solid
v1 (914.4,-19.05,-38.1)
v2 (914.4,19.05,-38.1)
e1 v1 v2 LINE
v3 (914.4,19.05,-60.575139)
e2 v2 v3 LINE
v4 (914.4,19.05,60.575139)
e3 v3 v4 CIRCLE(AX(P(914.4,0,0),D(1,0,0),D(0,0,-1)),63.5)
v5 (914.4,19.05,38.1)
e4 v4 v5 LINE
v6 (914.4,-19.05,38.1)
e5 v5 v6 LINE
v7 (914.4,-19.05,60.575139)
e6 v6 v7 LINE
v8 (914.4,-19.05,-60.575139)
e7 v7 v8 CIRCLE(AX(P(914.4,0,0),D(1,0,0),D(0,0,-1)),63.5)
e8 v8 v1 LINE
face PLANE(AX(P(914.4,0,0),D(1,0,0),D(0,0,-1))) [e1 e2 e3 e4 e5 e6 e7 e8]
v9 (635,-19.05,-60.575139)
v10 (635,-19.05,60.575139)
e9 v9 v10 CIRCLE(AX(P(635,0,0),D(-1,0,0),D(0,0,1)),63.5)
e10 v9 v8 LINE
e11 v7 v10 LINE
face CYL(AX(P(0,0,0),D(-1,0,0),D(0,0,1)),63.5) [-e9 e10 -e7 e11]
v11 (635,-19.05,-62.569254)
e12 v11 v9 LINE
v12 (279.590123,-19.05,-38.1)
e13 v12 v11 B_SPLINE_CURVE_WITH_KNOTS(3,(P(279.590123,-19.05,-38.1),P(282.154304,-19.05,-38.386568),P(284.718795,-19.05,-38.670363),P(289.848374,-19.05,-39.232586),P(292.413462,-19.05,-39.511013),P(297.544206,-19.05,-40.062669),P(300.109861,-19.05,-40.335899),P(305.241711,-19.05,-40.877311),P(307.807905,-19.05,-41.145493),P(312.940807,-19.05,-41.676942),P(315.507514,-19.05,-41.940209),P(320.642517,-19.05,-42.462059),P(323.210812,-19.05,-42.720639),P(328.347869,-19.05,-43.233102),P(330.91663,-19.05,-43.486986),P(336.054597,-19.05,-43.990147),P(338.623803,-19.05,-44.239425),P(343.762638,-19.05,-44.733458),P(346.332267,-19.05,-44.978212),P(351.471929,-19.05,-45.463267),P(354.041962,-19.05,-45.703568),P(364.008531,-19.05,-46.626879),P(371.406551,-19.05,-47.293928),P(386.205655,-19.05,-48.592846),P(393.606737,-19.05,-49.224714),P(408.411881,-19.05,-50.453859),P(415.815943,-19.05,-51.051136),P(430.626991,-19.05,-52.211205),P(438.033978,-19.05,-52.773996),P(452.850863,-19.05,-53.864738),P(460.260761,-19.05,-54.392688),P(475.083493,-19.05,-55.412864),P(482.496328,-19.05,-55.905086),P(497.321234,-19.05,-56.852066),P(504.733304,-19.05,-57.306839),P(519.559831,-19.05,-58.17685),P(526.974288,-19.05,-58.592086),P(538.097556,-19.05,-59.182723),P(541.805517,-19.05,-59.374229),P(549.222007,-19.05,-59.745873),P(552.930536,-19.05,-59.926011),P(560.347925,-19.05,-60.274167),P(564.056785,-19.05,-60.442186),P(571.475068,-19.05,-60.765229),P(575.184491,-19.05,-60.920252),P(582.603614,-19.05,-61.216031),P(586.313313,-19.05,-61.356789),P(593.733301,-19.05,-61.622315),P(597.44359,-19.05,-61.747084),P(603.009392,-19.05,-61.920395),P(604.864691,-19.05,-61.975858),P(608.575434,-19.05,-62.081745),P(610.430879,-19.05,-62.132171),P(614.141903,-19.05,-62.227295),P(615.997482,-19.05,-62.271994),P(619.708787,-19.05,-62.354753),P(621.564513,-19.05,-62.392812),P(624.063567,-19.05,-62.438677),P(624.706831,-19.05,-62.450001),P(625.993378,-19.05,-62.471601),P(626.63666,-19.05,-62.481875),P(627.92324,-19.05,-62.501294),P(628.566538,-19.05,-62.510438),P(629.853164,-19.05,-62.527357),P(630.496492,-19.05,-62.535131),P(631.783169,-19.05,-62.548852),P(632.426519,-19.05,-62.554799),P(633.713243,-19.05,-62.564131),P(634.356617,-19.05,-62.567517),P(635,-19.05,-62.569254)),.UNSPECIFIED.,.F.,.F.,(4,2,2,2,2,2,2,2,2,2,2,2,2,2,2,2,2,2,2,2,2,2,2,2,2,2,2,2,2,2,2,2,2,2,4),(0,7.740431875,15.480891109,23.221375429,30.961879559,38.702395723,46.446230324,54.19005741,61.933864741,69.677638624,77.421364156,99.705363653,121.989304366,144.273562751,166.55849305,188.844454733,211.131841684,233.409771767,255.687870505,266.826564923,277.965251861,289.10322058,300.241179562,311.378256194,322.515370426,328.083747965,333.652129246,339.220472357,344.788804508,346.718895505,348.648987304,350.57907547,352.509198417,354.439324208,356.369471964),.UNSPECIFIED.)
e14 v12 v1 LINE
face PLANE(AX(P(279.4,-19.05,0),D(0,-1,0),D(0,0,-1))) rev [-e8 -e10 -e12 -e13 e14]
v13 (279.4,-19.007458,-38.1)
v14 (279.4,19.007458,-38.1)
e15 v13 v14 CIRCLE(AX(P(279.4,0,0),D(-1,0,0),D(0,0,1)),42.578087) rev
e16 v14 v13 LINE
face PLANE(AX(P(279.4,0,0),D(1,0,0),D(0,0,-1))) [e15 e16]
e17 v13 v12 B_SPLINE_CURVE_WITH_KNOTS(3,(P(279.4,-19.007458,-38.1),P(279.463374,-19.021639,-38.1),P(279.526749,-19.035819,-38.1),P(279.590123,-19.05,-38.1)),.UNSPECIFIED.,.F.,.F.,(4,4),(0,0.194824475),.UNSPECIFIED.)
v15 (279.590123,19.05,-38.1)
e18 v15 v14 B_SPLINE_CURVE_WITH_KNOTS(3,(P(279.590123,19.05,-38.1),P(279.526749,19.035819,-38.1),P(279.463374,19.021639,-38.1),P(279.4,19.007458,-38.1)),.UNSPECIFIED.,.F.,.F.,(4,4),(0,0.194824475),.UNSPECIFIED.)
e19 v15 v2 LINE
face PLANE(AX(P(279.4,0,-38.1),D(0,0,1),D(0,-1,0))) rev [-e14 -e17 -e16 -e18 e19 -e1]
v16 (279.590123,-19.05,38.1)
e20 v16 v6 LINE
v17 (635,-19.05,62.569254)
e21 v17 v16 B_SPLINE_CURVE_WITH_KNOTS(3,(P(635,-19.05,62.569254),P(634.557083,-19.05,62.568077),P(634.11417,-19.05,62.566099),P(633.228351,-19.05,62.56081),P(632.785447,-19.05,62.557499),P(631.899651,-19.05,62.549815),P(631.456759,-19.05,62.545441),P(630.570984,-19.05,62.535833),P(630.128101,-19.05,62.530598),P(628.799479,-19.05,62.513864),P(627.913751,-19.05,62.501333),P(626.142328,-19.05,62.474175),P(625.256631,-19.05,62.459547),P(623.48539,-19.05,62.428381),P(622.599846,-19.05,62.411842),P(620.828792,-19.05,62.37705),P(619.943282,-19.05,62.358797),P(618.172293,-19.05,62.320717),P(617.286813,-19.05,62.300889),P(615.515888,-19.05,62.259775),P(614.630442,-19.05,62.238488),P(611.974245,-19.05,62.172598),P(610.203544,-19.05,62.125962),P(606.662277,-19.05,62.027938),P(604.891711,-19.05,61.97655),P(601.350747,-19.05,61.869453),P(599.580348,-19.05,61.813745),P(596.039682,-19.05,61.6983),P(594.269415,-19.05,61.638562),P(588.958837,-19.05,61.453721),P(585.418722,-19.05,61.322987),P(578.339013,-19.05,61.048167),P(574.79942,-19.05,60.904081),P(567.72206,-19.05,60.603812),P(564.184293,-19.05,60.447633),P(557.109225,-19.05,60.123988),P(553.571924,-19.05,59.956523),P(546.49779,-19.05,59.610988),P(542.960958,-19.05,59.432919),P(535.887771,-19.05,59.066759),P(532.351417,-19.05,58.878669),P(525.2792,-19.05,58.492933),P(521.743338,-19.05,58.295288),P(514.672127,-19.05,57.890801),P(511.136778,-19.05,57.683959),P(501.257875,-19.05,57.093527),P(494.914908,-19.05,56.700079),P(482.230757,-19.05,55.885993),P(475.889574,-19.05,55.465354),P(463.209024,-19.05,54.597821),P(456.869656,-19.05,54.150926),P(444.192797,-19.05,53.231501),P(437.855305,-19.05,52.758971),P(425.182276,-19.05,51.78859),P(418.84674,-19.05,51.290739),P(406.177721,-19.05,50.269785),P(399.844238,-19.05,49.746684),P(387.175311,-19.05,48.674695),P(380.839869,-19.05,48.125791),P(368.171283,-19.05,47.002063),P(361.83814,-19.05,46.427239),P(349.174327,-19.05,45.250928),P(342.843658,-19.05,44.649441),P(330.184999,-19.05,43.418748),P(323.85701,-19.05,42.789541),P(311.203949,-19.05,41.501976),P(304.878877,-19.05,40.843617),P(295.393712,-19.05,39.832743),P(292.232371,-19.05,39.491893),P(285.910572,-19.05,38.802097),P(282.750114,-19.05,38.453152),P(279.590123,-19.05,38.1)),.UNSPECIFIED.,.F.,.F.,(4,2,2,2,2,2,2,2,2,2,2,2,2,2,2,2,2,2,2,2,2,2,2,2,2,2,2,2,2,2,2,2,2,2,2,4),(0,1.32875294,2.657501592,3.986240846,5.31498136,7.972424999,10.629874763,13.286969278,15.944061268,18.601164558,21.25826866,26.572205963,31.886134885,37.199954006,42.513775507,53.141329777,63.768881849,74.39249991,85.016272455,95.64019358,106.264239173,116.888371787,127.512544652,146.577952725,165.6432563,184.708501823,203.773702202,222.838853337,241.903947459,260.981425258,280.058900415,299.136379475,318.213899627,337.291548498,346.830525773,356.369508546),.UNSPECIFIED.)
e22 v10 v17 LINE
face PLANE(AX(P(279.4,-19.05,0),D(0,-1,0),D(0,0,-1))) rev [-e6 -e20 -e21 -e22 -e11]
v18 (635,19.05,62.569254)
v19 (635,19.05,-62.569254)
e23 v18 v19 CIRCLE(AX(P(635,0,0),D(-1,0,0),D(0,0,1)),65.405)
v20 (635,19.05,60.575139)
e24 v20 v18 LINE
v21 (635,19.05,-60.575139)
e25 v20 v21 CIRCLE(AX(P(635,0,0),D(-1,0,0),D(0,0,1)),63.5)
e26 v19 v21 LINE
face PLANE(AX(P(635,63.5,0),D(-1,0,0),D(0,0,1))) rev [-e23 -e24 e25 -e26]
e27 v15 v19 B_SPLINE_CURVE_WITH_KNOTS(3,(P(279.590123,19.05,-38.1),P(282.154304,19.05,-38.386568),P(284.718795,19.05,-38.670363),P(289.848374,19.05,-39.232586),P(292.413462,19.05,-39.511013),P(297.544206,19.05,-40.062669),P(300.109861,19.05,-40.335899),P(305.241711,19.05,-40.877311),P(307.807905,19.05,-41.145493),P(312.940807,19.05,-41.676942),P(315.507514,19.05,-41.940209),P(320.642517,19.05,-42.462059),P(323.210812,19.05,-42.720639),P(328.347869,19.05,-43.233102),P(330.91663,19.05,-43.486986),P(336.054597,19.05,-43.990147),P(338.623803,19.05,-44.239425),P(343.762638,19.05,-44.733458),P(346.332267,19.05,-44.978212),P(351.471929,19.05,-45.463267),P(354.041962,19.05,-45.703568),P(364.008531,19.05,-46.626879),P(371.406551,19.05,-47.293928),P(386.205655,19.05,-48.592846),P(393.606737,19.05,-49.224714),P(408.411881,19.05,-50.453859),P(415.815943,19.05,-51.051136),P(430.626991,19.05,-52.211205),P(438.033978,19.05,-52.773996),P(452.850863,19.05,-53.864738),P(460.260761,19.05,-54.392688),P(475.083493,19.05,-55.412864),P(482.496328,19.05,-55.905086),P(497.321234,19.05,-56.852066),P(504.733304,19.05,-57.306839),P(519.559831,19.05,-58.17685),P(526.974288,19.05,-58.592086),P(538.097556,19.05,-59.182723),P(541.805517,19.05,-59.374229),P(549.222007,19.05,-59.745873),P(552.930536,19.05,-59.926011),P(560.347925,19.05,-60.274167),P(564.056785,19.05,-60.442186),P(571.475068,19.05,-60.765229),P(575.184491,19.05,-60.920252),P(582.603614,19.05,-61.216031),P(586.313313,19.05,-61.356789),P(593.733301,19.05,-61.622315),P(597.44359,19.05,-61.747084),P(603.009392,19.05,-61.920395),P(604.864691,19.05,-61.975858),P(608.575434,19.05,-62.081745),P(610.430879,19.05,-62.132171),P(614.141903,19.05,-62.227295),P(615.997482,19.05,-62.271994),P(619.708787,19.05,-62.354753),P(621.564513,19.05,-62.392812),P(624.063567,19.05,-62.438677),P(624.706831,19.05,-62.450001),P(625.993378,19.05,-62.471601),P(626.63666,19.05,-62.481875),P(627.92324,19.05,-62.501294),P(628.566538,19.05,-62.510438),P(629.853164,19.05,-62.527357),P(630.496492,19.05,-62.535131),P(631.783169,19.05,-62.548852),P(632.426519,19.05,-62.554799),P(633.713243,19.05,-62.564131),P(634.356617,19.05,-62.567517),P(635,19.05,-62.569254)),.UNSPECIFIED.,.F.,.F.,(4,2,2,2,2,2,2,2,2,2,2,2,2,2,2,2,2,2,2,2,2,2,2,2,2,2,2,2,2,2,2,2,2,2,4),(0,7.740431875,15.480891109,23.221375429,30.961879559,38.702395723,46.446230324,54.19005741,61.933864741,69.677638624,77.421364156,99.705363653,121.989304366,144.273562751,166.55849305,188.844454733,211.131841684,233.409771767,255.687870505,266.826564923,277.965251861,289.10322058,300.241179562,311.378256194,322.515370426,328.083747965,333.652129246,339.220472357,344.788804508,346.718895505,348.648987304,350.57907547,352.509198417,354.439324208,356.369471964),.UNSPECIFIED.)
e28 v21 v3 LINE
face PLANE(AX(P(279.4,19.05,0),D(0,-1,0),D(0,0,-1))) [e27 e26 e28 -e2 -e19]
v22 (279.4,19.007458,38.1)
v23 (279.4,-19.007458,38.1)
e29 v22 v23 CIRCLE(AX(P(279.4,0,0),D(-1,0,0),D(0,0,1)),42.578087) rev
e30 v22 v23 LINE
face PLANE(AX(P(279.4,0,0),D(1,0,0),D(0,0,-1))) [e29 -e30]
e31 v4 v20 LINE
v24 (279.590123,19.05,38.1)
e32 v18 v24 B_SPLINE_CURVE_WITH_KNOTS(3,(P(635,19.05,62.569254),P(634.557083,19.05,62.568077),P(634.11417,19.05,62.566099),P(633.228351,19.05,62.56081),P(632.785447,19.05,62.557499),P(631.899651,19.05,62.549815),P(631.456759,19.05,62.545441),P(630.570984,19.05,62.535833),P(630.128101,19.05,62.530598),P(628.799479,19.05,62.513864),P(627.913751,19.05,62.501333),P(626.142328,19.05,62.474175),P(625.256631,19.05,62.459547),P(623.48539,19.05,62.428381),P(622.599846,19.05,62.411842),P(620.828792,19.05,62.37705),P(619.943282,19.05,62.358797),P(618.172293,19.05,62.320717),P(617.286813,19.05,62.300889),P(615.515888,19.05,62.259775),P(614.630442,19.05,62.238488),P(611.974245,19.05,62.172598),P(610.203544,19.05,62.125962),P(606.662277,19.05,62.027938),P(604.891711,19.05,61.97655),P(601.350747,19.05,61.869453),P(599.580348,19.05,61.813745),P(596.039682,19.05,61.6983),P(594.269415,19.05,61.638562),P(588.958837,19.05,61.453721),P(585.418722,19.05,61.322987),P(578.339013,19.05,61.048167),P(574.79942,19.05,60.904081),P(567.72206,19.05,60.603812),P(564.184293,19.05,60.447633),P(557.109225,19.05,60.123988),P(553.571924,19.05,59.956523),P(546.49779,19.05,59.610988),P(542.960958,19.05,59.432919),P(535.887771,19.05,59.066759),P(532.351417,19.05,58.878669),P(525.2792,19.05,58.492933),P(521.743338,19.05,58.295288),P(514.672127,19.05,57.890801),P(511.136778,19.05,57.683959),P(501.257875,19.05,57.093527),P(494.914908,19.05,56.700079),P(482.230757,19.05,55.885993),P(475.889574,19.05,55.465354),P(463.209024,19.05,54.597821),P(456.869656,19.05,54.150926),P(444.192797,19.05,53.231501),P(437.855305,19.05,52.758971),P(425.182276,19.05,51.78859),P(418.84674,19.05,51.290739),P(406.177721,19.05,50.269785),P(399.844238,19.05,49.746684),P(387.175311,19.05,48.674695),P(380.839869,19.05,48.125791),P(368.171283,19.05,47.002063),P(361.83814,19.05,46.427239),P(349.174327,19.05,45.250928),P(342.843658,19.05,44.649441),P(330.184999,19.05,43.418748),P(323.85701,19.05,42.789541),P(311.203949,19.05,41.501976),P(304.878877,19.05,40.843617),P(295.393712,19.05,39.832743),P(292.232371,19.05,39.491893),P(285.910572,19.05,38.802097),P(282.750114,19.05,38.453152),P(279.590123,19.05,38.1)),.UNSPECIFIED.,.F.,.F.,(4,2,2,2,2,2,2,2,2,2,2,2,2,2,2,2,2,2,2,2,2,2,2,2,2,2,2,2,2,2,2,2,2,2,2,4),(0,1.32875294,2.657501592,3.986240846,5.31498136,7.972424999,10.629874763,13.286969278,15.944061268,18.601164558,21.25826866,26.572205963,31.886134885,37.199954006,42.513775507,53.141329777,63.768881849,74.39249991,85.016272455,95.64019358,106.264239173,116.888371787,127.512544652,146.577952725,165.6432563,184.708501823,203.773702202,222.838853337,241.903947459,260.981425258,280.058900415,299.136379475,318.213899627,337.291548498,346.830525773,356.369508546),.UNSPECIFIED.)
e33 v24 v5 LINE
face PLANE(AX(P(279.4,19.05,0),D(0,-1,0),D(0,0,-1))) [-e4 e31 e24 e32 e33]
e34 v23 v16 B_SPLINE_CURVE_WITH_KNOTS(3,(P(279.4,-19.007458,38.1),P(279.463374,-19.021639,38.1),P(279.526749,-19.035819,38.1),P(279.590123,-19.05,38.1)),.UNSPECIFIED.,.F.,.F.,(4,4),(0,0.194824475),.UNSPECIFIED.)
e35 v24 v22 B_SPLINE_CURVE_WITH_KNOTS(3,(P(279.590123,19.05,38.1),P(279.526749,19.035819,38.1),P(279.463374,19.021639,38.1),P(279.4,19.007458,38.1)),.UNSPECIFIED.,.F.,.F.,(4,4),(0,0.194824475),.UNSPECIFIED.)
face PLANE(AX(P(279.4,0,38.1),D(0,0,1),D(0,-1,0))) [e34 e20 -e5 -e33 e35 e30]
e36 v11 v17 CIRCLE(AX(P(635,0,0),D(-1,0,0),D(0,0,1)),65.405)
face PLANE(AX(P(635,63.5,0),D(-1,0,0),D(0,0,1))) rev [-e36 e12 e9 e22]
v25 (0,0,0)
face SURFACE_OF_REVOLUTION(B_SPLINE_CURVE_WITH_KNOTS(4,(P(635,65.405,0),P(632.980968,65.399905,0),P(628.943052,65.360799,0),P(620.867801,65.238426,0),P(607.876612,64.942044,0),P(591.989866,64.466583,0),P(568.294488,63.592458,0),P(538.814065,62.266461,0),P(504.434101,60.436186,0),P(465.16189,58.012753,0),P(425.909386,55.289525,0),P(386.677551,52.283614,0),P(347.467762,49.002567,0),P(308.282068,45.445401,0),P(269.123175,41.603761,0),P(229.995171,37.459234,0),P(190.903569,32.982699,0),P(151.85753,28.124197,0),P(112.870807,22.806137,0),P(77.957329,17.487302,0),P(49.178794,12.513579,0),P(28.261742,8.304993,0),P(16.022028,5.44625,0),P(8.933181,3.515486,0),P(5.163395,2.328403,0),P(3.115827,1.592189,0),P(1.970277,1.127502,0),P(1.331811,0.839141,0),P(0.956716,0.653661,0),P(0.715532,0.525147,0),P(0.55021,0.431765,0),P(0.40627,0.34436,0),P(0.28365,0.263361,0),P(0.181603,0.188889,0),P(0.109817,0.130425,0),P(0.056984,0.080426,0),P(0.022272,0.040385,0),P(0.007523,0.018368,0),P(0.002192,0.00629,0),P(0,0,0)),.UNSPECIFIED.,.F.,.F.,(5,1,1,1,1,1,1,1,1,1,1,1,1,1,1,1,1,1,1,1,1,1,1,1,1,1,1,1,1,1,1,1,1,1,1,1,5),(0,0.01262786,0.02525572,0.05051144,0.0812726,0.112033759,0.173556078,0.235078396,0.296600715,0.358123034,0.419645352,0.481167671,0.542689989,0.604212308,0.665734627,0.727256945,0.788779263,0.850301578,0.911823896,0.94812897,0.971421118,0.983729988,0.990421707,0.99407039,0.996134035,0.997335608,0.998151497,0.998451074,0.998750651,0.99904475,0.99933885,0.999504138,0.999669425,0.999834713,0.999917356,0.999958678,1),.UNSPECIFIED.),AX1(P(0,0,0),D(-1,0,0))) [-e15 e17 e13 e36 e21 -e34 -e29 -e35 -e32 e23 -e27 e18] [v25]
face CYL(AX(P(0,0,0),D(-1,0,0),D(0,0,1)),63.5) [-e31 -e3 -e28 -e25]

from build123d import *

# Parameters (mm, degrees)
CUT_EXTRUDE1_DEPTH  = 406.4
BOSS_EXTRUDE2_DEPTH = 228.6


with BuildPart() as part:
    # Sketch1 → Revolve1 (revolve)
    with BuildSketch(Plane.XY):
        with BuildLine():
            Line((0, 0), (685.8, 0))
            Line((685.8, 0), (685.8, 63.5))
            Line((685.8, 63.5), (635, 63.5))
            Line((635, 63.5), (635, 65.405))
            add(Edge.make_bspline(
                [(0, 0), (0.002192115, 0.006290208), (0.007522969, 0.018367599), (0.022271668, 0.040384559), (0.056983677, 0.080426255), (0.109817079, 0.130424863), (0.181602896, 0.188889433), (0.283649616, 0.263361483), (0.406270252, 0.344359984), (0.550210431, 0.431764809), (0.715531562, 0.525146598), (0.956716029, 0.653660621), (1.331811412, 0.839140677), (1.970276917, 1.127501619), (3.115826799, 1.592189007), (5.163395415, 2.328403475), (8.933180628, 3.515485788), (16.022028295, 5.446250201), (28.261741777, 8.304992794), (49.178793555, 12.513579304), (77.957328785, 17.487301978), (112.870807325, 22.806136935), (151.857530338, 28.124197322), (190.903568879, 32.982699255), (229.995170685, 37.459233955), (269.123174714, 41.603760556), (308.282068326, 45.445401222), (347.467762428, 49.002567332), (386.677550901, 52.283613526), (425.909385738, 55.28952525), (465.161890457, 58.012752885), (504.434100625, 60.436186371), (538.814064528, 62.266460598), (568.294487813, 63.592457812), (591.989866174, 64.466582586), (607.876612197, 64.942044427), (620.867800744, 65.238425835), (628.943051519, 65.360798765), (632.980968041, 65.399904908), (635, 65.405)],
                knots=[0, 0, 0, 0, 0, 4.1322e-05, 8.2644e-05, 0.000165287, 0.000330575, 0.000495862, 0.00066115, 0.00095525, 0.001249349, 0.001548926, 0.001848503, 0.002664392, 0.003865965, 0.00592961, 0.009578293, 0.016270012, 0.028578882, 0.05187103, 0.088176104, 0.149698422, 0.211220737, 0.272743055, 0.334265373, 0.395787692, 0.457310011, 0.518832329, 0.580354648, 0.641876966, 0.703399285, 0.764921604, 0.826443922, 0.887966241, 0.9187274, 0.94948856, 0.97474428, 0.98737214, 1, 1, 1, 1, 1], degree=4))
        make_face()
    revolve(axis=Axis((0, 0, 0), (1, 0, 0)))

    # Sketch2 → Cut-Extrude1 (cut)
    with BuildSketch(Plane(origin=(685.8, 0, 0), x_dir=(0, 0, -1), z_dir=(1, 0, 0))):
        with BuildLine():
            Line((76.2, 19.05), (62.569253831, 19.05))
            ThreePointArc((62.569253831, 19.05), (64.692179094, 9.629952704), (65.405, 0))
            ThreePointArc((65.405, 0), (64.692179094, -9.629952704), (62.569253831, -19.05))
            Line((62.569253831, -19.05), (76.2, -19.05))
            Line((76.2, -19.05), (76.2, -18.415))
            Line((76.2, -18.415), (76.2, 18.415))
            Line((76.2, 18.415), (76.2, 19.05))
        make_face()
        with BuildLine():
            ThreePointArc((-60.57513929, -19.05), (-63.5, 0), (-60.57513929, 19.05))
            Line((-60.57513929, 19.05), (-62.569253831, 19.05))
            ThreePointArc((-62.569253831, 19.05), (-65.405, 0), (-62.569253831, -19.05))
            Line((-62.569253831, -19.05), (-60.57513929, -19.05))
        make_face()
        with BuildLine():
            Line((62.569253831, 19.05), (60.57513929, 19.05))
            ThreePointArc((60.57513929, 19.05), (62.764525589, 9.636613904), (63.5, 0))
            ThreePointArc((63.5, 0), (62.764525589, -9.636613904), (60.57513929, -19.05))
            Line((60.57513929, -19.05), (62.569253831, -19.05))
            ThreePointArc((62.569253831, -19.05), (64.692179094, -9.629952704), (65.405, 0))
            ThreePointArc((65.405, 0), (64.692179094, 9.629952704), (62.569253831, 19.05))
        make_face()
        with BuildLine():
            ThreePointArc((-62.569253831, -19.05), (-65.405, 0), (-62.569253831, 19.05))
            Line((-62.569253831, 19.05), (-76.2, 19.05))
            Line((-76.2, 19.05), (-76.2, 18.415))
            Line((-76.2, 18.415), (-76.2, -18.415))
            Line((-76.2, -18.415), (-76.2, -19.05))
            Line((-76.2, -19.05), (-62.569253831, -19.05))
        make_face()
        with BuildLine():
            ThreePointArc((-60.57513929, -19.05), (-63.5, 0), (-60.57513929, 19.05))
            Line((-60.57513929, 19.05), (-62.569253831, 19.05))
            ThreePointArc((-62.569253831, 19.05), (-65.405, 0), (-62.569253831, -19.05))
            Line((-62.569253831, -19.05), (-60.57513929, -19.05))
        make_face()
        with BuildLine():
            Line((62.569253831, 19.05), (60.57513929, 19.05))
            ThreePointArc((60.57513929, 19.05), (62.764525589, 9.636613904), (63.5, 0))
            ThreePointArc((63.5, 0), (62.764525589, -9.636613904), (60.57513929, -19.05))
            Line((60.57513929, -19.05), (62.569253831, -19.05))
            ThreePointArc((62.569253831, -19.05), (64.692179094, -9.629952704), (65.405, 0))
            ThreePointArc((65.405, 0), (64.692179094, 9.629952704), (62.569253831, 19.05))
        make_face()
        with BuildLine():
            Line((-38.1, -19.05), (-38.1, 19.05))
            Line((-38.1, 19.05), (-60.57513929, 19.05))
            ThreePointArc((-60.57513929, 19.05), (-63.5, 0), (-60.57513929, -19.05))
            Line((-60.57513929, -19.05), (-38.1, -19.05))
        make_face()
        with BuildLine():
            Line((60.57513929, 19.05), (38.1, 19.05))
            Line((38.1, 19.05), (38.1, -19.05))
            Line((38.1, -19.05), (60.57513929, -19.05))
            ThreePointArc((60.57513929, -19.05), (62.764525589, -9.636613904), (63.5, 0))
            ThreePointArc((63.5, 0), (62.764525589, 9.636613904), (60.57513929, 19.05))
        make_face()
    extrude(amount=-CUT_EXTRUDE1_DEPTH, mode=Mode.SUBTRACT)

    # Sketch5 → Boss-Extrude2 (add)
    with BuildSketch(Plane(origin=(685.8, 0, 0), x_dir=(0, 0, -1), z_dir=(1, 0, 0))):
        with BuildLine():
            Line((-60.57513929, 19.05), (-38.1, 19.05))
            Line((-38.1, 19.05), (-38.1, -19.05))
            Line((-38.1, -19.05), (-60.57513929, -19.05))
            ThreePointArc((-60.57513929, -19.05), (0, -63.5), (60.57513929, -19.05))
            Line((60.57513929, -19.05), (38.1, -19.05))
            Line((38.1, -19.05), (38.1, 19.05))
            Line((38.1, 19.05), (60.57513929, 19.05))
            ThreePointArc((60.57513929, 19.05), (0, 63.5), (-60.57513929, 19.05))
        make_face()
    extrude(amount=BOSS_EXTRUDE2_DEPTH)


solid = part.part
